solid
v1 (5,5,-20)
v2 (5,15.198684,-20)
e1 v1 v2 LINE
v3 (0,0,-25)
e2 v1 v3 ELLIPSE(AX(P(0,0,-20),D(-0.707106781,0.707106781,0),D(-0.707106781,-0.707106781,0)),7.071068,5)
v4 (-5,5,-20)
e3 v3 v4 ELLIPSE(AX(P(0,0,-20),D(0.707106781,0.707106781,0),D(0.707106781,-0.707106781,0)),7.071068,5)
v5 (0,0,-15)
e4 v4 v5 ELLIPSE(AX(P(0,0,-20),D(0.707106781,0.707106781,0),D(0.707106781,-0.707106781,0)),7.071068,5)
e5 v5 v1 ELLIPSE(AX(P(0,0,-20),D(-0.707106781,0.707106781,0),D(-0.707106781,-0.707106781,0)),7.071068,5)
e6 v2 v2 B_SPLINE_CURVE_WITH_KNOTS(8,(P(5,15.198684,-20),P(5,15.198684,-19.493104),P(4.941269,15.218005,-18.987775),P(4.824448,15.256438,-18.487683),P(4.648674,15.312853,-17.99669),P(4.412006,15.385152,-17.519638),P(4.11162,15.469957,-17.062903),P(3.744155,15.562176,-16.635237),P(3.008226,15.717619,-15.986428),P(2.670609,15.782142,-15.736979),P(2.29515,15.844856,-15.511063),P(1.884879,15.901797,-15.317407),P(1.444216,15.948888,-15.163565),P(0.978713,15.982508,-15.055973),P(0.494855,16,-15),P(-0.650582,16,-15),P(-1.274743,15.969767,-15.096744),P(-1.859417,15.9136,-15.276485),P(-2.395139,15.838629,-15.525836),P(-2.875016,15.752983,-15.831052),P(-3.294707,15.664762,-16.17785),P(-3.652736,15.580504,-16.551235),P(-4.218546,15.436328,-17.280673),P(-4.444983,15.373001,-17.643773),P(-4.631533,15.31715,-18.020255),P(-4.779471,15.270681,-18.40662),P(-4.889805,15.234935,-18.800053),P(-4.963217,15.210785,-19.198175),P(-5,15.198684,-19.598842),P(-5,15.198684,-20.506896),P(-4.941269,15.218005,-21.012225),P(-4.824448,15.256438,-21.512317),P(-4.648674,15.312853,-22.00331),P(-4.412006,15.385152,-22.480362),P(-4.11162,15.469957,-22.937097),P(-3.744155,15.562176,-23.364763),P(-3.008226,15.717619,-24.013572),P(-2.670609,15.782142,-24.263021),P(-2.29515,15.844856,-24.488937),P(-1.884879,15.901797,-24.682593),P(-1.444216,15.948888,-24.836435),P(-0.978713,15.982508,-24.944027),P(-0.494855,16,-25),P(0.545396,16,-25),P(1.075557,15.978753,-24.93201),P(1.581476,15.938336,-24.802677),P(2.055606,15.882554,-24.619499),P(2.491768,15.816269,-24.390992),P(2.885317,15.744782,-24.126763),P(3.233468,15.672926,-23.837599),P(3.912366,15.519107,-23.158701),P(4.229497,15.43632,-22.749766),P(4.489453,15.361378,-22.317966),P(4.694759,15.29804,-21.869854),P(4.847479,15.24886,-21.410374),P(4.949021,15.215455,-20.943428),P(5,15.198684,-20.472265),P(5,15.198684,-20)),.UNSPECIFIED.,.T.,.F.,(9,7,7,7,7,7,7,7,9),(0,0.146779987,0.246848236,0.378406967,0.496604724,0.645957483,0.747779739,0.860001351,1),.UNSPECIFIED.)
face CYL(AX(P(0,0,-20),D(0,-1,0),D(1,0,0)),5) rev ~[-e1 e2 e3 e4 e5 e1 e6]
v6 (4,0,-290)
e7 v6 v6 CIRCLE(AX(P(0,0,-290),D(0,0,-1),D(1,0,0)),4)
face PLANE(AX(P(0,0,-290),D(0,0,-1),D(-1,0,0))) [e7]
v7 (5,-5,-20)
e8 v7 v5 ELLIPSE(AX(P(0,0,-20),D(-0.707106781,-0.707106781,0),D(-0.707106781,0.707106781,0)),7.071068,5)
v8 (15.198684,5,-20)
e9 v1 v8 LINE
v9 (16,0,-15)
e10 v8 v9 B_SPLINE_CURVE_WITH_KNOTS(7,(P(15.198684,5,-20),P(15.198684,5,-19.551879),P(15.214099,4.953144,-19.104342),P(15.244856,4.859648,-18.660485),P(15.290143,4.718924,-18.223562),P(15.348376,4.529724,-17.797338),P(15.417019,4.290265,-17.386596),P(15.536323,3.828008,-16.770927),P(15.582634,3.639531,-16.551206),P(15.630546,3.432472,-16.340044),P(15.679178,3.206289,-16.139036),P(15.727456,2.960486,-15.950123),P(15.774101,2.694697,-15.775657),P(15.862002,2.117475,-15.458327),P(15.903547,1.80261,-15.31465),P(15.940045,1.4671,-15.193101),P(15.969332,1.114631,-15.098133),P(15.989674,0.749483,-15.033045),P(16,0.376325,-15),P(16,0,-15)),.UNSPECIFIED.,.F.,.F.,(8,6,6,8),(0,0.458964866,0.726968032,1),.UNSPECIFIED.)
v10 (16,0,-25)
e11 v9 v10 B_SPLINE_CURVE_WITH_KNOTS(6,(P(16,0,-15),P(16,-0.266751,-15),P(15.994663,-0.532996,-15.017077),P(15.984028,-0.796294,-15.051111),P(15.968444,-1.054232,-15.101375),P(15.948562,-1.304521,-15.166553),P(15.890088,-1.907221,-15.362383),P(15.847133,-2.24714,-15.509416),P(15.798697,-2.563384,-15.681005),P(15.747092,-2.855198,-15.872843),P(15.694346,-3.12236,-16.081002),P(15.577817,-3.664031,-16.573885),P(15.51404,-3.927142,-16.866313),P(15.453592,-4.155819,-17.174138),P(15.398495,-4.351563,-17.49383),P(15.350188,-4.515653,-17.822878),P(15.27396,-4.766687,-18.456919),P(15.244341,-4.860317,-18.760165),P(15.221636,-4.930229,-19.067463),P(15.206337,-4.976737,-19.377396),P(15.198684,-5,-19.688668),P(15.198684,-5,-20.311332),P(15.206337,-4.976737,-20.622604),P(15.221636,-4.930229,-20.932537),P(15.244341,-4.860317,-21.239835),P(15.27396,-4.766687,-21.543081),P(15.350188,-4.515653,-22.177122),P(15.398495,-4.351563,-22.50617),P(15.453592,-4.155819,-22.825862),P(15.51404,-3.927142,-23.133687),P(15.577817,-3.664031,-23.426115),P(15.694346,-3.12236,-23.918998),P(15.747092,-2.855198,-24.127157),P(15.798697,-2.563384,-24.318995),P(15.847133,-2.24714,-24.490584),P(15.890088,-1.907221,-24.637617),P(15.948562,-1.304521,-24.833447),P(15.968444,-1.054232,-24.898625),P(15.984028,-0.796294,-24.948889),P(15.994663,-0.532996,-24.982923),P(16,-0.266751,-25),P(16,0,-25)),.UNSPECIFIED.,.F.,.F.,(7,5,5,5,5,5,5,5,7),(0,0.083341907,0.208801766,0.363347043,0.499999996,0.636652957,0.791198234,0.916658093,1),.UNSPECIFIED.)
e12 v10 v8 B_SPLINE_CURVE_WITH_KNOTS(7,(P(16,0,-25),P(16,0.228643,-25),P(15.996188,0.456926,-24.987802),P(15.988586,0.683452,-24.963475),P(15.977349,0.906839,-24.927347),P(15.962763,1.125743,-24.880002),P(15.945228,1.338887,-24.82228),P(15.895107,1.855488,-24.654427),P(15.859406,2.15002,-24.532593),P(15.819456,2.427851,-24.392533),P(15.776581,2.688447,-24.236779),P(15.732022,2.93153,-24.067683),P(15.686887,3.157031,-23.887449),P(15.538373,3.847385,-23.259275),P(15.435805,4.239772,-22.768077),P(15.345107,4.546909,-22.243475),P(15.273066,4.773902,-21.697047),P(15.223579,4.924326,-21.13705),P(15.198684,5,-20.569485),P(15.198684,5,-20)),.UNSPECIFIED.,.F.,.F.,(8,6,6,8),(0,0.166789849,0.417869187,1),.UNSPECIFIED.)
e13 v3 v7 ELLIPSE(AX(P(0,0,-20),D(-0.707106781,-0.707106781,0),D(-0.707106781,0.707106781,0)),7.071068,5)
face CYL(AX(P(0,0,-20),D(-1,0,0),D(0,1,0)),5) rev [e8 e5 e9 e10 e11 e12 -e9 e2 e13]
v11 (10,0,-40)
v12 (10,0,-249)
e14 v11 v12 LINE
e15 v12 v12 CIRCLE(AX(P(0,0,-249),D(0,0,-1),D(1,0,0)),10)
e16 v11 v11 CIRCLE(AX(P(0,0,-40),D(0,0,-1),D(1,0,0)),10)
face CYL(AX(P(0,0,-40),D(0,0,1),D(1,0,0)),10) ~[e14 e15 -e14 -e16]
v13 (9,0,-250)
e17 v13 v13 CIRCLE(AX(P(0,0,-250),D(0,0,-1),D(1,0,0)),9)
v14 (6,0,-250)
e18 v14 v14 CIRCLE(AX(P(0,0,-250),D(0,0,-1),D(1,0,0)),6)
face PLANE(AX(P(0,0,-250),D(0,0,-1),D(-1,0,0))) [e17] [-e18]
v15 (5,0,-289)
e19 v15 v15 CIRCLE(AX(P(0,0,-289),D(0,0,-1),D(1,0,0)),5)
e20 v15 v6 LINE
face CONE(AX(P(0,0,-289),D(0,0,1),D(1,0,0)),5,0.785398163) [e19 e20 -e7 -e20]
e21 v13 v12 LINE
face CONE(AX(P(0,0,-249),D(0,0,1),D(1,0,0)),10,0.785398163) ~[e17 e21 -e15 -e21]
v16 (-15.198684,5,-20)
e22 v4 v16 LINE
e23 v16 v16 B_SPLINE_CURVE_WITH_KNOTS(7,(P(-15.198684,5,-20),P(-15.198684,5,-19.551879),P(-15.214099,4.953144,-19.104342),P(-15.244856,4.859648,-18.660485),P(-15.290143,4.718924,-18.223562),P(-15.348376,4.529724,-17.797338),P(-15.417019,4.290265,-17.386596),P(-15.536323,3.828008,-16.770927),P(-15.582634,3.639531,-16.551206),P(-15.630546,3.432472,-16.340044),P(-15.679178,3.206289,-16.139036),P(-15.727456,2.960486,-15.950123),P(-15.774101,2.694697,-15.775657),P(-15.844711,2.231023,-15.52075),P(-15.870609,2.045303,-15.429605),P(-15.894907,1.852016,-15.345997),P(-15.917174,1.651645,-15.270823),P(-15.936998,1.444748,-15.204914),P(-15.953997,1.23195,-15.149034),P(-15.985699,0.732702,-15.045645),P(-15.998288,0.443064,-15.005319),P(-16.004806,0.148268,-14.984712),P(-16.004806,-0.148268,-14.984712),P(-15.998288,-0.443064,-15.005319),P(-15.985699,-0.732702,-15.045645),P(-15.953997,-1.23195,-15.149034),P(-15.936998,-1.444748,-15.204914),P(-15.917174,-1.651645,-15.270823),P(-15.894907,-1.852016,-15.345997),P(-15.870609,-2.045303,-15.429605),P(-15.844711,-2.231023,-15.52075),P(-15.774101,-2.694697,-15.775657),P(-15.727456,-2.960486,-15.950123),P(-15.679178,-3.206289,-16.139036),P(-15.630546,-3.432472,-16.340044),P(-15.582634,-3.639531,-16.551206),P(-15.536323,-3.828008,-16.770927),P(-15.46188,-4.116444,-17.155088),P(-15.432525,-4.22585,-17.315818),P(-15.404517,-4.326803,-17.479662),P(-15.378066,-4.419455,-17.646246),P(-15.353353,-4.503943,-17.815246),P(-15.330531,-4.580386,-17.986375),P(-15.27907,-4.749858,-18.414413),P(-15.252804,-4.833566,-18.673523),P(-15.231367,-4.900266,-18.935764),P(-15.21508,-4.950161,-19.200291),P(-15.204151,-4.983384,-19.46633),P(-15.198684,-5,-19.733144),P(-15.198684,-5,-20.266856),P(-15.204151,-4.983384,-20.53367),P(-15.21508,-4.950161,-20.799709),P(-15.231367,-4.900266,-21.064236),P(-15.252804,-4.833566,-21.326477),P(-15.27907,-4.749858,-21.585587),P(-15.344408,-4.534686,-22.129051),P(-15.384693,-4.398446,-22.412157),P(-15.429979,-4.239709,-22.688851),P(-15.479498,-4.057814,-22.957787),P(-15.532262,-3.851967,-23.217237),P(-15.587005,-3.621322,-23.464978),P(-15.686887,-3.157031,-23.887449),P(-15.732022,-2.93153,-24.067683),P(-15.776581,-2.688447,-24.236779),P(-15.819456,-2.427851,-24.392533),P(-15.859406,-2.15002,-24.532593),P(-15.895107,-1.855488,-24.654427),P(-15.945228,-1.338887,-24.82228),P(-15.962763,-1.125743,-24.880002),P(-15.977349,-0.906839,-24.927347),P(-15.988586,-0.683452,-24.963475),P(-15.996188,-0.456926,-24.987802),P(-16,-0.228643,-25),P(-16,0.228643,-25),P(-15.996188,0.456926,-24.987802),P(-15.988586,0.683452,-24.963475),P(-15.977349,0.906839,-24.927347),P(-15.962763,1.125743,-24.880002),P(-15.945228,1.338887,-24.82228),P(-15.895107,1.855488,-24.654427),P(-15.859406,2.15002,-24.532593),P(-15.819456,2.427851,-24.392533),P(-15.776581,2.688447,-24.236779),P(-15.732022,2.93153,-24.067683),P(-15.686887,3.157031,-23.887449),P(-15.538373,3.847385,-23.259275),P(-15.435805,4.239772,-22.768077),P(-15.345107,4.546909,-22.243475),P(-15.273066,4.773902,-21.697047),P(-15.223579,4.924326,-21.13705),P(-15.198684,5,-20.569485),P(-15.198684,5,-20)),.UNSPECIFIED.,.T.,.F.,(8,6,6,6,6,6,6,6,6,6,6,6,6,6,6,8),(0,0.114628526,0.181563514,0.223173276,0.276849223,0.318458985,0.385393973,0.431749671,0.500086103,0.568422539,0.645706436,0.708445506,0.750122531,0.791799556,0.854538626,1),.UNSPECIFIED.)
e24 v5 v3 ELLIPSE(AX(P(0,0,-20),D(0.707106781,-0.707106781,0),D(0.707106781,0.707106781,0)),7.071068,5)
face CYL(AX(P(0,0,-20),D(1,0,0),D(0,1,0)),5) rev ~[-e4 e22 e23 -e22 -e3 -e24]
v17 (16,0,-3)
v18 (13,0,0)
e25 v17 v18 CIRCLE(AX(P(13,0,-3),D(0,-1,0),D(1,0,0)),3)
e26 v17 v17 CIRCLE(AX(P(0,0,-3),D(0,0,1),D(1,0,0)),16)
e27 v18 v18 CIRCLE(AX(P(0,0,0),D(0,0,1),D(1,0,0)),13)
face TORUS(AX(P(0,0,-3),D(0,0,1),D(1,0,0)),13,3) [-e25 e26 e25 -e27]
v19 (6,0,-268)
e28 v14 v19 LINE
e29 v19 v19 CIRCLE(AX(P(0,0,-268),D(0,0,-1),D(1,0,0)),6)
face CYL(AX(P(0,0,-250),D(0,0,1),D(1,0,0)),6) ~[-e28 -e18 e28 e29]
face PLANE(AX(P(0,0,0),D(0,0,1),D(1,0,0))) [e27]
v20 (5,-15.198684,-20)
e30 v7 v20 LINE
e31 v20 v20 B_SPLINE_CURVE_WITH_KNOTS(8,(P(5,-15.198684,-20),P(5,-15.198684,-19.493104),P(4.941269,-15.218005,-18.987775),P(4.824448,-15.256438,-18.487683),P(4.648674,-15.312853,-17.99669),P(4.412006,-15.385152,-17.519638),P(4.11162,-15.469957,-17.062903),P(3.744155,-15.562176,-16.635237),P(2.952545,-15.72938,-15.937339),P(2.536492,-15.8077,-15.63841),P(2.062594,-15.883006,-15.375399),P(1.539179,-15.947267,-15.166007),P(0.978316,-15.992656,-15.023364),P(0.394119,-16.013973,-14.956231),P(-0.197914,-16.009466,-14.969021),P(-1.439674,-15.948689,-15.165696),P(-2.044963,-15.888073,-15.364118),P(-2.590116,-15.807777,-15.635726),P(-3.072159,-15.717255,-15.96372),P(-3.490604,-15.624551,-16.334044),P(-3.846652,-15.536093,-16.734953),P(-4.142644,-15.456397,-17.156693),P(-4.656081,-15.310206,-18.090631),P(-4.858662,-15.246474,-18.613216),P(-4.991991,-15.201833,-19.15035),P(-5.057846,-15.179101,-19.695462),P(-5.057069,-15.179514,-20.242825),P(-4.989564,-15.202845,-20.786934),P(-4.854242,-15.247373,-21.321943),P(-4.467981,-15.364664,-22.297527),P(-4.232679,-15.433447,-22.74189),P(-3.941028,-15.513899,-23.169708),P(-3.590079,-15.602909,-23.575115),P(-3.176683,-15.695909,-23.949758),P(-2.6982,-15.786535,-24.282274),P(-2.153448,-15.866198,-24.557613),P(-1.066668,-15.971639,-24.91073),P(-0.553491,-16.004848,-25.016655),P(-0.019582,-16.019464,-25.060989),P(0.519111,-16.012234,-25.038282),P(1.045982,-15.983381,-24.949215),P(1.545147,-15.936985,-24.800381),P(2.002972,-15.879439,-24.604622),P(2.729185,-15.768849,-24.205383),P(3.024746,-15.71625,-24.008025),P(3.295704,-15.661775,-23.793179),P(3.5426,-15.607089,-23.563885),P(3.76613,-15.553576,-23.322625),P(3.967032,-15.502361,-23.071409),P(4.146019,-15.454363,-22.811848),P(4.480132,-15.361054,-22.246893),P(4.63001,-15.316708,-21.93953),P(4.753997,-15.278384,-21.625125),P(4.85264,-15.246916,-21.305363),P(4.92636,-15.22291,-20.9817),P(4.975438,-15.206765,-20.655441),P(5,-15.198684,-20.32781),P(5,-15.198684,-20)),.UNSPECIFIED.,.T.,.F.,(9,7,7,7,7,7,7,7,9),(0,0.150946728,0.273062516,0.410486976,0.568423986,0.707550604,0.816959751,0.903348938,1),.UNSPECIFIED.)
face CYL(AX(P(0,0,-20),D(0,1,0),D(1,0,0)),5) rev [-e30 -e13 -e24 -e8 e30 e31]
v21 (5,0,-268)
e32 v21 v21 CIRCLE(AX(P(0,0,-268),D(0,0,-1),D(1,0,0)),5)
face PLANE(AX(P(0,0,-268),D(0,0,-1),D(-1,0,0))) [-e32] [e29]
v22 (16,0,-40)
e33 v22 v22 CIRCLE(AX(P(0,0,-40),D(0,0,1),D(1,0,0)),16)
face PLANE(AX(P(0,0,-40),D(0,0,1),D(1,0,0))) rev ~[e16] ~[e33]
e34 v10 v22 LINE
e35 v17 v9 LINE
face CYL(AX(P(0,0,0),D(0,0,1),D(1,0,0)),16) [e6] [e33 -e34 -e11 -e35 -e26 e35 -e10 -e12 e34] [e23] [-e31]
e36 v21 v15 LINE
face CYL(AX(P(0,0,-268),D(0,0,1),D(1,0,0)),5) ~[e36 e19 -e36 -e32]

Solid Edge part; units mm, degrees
sketch "Sketch1" plane through (0, 0, 0) normal (0, 0, 1) x (1, 0, 0)
  circle A0 centre (0, 0) radius 16
extrude "Protrusion1" add sketch "Sketch1" against normal blind 40
sketch "Sketch2" plane through (0, 0, -40) normal (0, 0, -1) x (1, 0, 0)
  circle A0 centre (0, 0) radius 10
extrude "ExtrudedProtrusion_2" add sketch "Sketch2" along normal blind 210
sketch "Sketch3" plane through (0, 0, -250) normal (0, 0, -1) x (1, 0, 0)
  circle A0 centre (0, 0) radius 6
extrude "ExtrudedProtrusion_3" add sketch "Sketch3" along normal blind 18
sketch "Sketch4" plane through (0, 0, -268) normal (0, 0, -1) x (1, 0, 0)
  circle A0 centre (0, 0) radius 5
extrude "ExtrudedProtrusion_4" add sketch "Sketch4" along normal blind 22
cosmetic_thread "Thread1" size "Tr 10 x 2"
cosmetic_thread "Thread_2" size "Tr 20 x 4" thread depth 170
sketch "Sketch5" plane through (0, 0, 0) normal (1, 0, 0) x (0, 1, 0)
  circle A0 centre (0, -20) radius 5
  dimension "D1" = 20
extrude "ExtrudedCutout_1" cut sketch "Sketch5" along normal mid plane 291.3649
sketch "Sketch6" plane through (0, 0, 0) normal (0, -1, 0) x (1, 0, 0)
  circle A0 centre (0, -20) radius 5
  dimension "D1" = 20
extrude "ExtrudedCutout_2" cut sketch "Sketch6" along normal mid plane 141.4816
fillet "Round_1" radius 3 1 edges at (-16, 0, 0)
chamfer "Chamfer_1" distance 1 angle 45 1 edges at (-5, 0, -290)
chamfer "Chamfer_2" distance 1 angle 45 1 edges at (-10, 0, -250)
properties part number "5" material "Fe 410 W"
